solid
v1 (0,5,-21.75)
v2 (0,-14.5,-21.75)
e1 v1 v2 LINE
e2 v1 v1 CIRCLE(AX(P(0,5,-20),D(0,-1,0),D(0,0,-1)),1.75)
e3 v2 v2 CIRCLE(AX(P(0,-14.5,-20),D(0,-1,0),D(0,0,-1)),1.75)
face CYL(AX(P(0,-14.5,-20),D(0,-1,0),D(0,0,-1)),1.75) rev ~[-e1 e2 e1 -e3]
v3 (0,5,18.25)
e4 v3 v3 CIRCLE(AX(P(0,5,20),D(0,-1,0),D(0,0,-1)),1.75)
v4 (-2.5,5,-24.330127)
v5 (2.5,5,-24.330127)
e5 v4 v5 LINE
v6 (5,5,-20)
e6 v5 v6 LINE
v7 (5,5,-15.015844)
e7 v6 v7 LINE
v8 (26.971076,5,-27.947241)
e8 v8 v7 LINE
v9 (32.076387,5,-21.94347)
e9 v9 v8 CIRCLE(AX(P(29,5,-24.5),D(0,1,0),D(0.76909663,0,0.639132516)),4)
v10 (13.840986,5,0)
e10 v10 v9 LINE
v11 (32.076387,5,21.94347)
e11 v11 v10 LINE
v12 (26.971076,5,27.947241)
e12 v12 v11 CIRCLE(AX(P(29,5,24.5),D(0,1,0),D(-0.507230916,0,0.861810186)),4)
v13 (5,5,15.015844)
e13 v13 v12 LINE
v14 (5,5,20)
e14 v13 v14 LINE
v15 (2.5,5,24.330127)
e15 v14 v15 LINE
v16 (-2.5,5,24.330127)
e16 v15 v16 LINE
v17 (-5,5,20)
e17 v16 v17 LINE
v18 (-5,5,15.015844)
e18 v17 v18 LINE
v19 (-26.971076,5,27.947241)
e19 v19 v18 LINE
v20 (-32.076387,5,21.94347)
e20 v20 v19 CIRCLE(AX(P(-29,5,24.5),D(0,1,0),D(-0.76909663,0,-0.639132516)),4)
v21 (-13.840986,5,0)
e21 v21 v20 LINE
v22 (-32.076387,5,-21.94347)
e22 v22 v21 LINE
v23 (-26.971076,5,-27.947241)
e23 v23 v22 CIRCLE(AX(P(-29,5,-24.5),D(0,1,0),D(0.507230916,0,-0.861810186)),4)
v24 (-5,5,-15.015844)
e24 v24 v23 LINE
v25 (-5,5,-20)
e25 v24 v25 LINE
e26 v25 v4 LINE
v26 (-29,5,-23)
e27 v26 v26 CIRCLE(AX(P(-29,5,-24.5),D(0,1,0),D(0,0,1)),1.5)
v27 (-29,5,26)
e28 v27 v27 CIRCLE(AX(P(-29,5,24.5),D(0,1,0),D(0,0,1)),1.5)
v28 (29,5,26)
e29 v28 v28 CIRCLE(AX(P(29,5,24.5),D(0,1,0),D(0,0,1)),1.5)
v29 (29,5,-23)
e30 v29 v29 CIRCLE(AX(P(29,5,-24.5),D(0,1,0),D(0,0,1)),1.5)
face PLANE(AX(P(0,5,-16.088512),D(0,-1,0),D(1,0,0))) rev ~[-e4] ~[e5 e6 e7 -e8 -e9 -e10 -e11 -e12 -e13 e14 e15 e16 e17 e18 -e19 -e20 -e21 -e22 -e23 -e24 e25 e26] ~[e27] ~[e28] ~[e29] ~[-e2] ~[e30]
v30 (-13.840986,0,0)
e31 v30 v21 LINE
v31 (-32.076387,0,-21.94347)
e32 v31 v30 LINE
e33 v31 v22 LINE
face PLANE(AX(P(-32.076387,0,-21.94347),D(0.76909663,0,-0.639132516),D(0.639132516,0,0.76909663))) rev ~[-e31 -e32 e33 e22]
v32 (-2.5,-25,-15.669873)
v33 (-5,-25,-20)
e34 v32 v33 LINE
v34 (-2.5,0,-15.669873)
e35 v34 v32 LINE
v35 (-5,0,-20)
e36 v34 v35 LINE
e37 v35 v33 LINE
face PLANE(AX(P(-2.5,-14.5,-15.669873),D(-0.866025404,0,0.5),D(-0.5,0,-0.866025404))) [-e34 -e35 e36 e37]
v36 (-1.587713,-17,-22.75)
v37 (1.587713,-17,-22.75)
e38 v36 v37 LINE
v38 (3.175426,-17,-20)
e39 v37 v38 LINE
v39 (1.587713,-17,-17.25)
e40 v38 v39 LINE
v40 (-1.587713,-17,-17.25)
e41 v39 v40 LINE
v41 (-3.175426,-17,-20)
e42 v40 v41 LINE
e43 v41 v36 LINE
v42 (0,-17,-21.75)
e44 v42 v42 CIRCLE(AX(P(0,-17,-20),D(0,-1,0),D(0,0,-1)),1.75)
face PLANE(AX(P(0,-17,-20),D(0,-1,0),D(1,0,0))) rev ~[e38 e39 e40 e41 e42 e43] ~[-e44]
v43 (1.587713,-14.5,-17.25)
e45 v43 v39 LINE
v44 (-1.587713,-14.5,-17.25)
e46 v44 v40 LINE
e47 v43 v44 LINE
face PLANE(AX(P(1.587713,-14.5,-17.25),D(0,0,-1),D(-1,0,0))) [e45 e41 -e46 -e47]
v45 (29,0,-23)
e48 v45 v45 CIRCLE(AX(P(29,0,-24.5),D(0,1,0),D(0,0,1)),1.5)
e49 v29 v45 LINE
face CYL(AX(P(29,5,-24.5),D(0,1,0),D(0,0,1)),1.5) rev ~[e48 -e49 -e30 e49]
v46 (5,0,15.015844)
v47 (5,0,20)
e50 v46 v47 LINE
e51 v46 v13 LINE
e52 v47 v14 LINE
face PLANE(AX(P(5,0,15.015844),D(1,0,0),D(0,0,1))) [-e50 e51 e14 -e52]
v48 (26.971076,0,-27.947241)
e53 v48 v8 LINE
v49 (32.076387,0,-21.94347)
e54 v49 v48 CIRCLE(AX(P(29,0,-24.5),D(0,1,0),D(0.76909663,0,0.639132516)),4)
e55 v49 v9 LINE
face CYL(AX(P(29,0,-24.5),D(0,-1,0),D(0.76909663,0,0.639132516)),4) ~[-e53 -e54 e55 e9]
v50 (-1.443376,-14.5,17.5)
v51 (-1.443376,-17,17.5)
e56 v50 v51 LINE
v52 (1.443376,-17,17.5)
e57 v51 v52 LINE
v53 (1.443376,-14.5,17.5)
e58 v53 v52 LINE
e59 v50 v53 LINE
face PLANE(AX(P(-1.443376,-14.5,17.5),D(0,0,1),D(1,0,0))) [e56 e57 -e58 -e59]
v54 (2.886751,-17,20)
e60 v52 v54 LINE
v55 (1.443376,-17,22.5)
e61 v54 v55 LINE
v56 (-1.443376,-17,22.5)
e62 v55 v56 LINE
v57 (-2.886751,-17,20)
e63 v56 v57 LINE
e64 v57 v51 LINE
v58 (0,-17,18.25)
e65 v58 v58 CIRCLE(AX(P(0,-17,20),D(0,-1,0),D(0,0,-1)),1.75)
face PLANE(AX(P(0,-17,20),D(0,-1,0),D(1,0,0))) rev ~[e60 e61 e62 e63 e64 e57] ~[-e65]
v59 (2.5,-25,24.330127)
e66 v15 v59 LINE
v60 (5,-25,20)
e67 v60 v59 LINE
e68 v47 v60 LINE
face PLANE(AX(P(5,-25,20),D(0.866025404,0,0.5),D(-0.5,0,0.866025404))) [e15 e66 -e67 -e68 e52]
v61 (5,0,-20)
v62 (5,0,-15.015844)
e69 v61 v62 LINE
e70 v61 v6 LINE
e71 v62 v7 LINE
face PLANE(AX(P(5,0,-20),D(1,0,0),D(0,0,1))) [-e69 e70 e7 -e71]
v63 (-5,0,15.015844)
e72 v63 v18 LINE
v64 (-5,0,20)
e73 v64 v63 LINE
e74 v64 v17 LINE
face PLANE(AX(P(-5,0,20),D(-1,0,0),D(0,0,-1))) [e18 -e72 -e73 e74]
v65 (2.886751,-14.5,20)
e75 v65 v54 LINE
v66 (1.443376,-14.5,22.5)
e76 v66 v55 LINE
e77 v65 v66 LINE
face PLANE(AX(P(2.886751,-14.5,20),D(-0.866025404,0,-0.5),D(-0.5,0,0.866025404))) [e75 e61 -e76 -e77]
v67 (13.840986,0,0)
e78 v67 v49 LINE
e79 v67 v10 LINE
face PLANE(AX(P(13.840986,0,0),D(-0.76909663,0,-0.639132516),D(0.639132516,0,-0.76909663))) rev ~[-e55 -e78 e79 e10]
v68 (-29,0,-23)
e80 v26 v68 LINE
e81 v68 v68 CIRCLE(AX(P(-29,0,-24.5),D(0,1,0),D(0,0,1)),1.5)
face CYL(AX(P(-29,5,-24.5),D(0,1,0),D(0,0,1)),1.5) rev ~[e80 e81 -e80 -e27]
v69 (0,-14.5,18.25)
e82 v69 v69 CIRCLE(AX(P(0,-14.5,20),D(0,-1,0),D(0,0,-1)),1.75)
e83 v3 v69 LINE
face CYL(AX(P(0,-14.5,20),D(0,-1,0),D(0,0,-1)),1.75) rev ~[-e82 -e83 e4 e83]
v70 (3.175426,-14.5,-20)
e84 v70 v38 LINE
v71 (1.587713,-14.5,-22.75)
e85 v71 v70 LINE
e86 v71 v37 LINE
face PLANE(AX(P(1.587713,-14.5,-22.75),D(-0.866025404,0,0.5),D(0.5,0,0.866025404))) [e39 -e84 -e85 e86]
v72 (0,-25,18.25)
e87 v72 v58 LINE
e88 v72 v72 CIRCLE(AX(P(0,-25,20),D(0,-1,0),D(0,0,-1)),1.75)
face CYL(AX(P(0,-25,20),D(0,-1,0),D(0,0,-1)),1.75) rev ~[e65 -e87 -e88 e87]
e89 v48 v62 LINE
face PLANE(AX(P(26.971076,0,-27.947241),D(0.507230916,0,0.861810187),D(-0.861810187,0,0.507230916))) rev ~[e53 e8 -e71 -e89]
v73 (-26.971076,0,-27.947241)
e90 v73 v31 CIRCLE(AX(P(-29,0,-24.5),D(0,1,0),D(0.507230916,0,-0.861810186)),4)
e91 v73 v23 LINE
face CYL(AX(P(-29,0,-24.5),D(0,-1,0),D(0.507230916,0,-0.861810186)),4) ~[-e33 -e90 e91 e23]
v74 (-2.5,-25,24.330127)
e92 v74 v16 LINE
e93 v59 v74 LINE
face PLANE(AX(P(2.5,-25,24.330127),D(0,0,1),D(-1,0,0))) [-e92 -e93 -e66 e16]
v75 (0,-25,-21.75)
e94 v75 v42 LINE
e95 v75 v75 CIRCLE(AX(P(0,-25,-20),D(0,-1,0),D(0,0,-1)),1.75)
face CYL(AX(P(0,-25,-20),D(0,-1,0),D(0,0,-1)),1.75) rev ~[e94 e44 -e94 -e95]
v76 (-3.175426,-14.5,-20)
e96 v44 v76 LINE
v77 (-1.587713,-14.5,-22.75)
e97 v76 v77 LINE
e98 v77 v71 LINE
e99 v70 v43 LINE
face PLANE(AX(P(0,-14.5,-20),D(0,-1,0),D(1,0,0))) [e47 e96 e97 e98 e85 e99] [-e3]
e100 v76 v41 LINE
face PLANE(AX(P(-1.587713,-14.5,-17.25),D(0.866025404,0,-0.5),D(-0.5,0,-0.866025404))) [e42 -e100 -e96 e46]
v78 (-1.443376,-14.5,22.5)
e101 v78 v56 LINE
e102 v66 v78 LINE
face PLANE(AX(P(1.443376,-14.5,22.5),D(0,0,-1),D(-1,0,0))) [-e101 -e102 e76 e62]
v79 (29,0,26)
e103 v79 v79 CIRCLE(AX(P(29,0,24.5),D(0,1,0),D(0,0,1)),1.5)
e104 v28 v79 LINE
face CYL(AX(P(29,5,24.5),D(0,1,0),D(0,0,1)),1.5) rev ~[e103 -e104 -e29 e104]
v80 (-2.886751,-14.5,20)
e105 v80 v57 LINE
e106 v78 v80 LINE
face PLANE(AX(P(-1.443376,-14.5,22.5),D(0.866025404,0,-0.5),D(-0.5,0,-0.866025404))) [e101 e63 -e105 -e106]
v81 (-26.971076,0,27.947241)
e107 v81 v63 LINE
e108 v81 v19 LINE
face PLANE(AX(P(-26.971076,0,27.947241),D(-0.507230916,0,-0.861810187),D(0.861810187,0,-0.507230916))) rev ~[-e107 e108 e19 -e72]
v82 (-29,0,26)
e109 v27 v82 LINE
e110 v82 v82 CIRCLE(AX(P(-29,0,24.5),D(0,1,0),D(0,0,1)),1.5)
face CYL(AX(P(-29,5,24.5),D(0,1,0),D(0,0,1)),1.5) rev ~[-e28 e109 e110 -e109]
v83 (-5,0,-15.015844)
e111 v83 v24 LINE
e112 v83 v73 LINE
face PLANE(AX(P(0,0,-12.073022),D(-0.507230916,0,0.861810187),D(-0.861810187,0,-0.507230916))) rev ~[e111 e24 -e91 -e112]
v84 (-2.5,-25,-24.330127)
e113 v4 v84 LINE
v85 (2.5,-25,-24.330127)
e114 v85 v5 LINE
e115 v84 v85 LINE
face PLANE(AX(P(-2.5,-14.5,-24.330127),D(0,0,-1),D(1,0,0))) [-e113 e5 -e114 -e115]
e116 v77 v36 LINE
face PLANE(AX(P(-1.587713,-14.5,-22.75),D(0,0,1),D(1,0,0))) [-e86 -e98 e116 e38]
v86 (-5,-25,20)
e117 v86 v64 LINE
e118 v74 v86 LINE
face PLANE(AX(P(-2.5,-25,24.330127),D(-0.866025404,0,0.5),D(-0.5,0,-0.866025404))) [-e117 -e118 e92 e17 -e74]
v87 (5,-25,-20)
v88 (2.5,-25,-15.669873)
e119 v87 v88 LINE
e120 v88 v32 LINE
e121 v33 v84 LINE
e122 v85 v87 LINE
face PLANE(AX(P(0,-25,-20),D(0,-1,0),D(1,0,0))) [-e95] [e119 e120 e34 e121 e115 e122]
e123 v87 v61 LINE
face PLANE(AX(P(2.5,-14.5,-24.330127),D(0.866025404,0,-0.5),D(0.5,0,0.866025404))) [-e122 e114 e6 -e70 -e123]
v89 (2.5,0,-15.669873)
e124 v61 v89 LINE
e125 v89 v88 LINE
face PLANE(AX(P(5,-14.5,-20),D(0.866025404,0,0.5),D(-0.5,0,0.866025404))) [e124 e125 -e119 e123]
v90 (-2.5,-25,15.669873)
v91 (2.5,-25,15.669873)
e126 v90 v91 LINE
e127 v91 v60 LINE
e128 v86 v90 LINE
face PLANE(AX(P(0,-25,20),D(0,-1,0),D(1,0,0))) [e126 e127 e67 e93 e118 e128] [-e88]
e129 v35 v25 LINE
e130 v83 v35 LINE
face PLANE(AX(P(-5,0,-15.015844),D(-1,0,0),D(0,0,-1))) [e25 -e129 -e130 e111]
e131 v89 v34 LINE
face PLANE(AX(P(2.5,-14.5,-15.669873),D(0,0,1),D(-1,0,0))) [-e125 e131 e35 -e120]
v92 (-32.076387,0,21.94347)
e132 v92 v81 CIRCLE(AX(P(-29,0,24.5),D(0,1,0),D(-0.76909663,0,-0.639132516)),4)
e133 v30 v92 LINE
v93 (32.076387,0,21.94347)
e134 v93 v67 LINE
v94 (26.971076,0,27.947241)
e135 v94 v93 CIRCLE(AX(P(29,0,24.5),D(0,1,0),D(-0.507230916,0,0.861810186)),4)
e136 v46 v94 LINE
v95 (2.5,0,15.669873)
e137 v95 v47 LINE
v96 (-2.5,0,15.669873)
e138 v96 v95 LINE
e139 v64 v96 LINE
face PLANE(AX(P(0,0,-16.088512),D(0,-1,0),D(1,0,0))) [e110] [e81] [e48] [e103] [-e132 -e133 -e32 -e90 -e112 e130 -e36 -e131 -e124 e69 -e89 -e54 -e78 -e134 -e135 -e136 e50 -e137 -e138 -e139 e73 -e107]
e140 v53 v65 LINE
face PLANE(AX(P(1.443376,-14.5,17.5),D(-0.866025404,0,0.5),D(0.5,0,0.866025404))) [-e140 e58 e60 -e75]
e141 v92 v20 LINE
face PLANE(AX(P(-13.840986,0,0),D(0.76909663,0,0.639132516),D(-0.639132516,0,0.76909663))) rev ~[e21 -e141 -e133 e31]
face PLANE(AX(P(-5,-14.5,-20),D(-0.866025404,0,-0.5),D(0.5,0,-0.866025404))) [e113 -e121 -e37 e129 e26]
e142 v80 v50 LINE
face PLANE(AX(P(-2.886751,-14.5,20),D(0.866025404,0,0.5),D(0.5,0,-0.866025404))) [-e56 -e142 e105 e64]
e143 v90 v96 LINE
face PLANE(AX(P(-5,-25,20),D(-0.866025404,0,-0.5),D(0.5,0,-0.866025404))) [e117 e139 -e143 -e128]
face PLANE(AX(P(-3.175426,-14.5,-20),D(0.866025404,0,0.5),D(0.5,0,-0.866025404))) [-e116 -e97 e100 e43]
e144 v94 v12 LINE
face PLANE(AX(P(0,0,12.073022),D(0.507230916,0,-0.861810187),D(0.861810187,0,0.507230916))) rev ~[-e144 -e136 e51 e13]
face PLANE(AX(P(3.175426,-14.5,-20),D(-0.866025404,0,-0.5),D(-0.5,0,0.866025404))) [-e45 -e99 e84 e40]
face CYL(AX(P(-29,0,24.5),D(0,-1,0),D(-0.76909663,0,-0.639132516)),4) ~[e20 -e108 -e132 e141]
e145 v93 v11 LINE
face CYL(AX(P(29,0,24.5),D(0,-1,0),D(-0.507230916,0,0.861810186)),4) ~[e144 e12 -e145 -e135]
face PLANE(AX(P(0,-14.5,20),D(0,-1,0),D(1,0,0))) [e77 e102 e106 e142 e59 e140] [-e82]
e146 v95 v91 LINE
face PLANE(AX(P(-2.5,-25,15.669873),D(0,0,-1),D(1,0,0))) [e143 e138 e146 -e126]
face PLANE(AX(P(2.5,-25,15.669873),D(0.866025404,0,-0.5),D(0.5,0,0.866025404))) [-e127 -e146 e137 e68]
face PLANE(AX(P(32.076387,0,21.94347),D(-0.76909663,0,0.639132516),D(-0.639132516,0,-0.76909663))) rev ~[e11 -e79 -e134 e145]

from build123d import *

# Parameters (mm, degrees)
BOSS_EXTRU_1_DEPTH      = 5
ESQUISSE2_R             = 1.5
ENL_V_MAT_EXTRU_2_DEPTH = 5
ESQUISSE4_R             = 1.75
BOSS_EXTRU_6_DEPTH      = 5
BOSS_EXTRU_7_START      = 14.5
ESQUISSE4_3_R           = 1.75
BOSS_EXTRU_7_DEPTH      = 14.5
BOSS_EXTRU_8_DEPTH      = 2.5
BOSS_EXTRU_10_START     = 25
ESQUISSE4_6_R           = 1.75
BOSS_EXTRU_10_DEPTH     = 8


with BuildPart() as part:
    # Esquisse1 → Boss.-Extru.1 (new body)
    with BuildSketch(Plane(origin=(0, 0, 0), x_dir=(1, 0, 0), z_dir=(0, 1, 0))):
        with BuildLine():
            ThreePointArc((-26.971076335, 27.947240746), (-32.047229987, 27.091213887), (-32.076386522, 21.943469936))
            Line((-32.076386522, 21.943469936), (-13.840985932, 0))
            Line((-13.840985932, 0), (-32.076386522, -21.943469936))
            ThreePointArc((-32.076386522, -21.943469936), (-32.047229987, -27.091213887), (-26.971076335, -27.947240746))
            Line((-26.971076335, -27.947240746), (0, -12.073021601))
            Line((0, -12.073021601), (26.971076335, -27.947240746))
            ThreePointArc((26.971076335, -27.947240746), (32.047229987, -27.091213887), (32.076386522, -21.943469936))
            Line((32.076386522, -21.943469936), (13.840985932, 0))
            Line((13.840985932, 0), (32.076386522, 21.943469936))
            ThreePointArc((32.076386522, 21.943469936), (32.047229987, 27.091213887), (26.971076335, 27.947240746))
            Line((26.971076335, 27.947240746), (0, 12.073021601))
            Line((0, 12.073021601), (-26.971076335, 27.947240746))
        make_face()
    extrude(amount=BOSS_EXTRU_1_DEPTH)

    # Esquisse2 → Enlèv. mat.-Extru.2 (cut)
    with BuildSketch(Plane(origin=(0, 5, 0), x_dir=(1, 0, 0), z_dir=(0, 1, 0))):
        with Locations((-29, 24.5)):
            Circle(ESQUISSE2_R)
        with Locations((29, 24.5)):
            Circle(ESQUISSE2_R)
        with Locations((29, -24.5)):
            Circle(ESQUISSE2_R)
        with Locations((-29, -24.5)):
            Circle(ESQUISSE2_R)
    extrude(amount=-ENL_V_MAT_EXTRU_2_DEPTH, mode=Mode.SUBTRACT)

    # Esquisse4 → Boss.-Extru.6 (add)
    # profile 1 of 2: a face of its own
    with BuildSketch(Plane.XZ):
        Polygon((5, 15.015844303), (5, 20), (2.5, 24.330127019), (-2.5, 24.330127019), (-5, 20), (-5, 15.015844303), (0, 12.073021601), align=None)
        with Locations((0, 20)):
            Circle(ESQUISSE4_R, mode=Mode.SUBTRACT)
    # profile 2 of 2: a face of its own
    with BuildSketch(Plane.XZ):
        Polygon((2.5, -24.330127019), (5, -20), (5, -15.015844303), (0, -12.073021601), (-5, -15.015844303), (-5, -20), (-2.5, -24.330127019), align=None)
        with Locations((0, -20)):
            Circle(ESQUISSE4_R, mode=Mode.SUBTRACT)
    extrude(amount=-BOSS_EXTRU_6_DEPTH)

    # Esquisse4<3> → Boss.-Extru.7 (add)
    # profile 1 of 2: a face of its own
    with BuildSketch(Plane.XZ.offset(BOSS_EXTRU_7_START)):
        Polygon((-2.5, 24.330127019), (-5, 20), (-2.5, 15.669872981), (2.5, 15.669872981), (5, 20), (2.5, 24.330127019), align=None)
        with Locations((0, 20)):
            Circle(ESQUISSE4_3_R, mode=Mode.SUBTRACT)
    # profile 2 of 2: a face of its own
    with BuildSketch(Plane.XZ.offset(BOSS_EXTRU_7_START)):
        Polygon((2.5, -24.330127019), (5, -20), (2.5, -15.669872981), (-2.5, -15.669872981), (-5, -20), (-2.5, -24.330127019), align=None)
        with Locations((0, -20)):
            Circle(ESQUISSE4_3_R, mode=Mode.SUBTRACT)
    extrude(amount=-BOSS_EXTRU_7_DEPTH)

    # Esquisse5 → Boss.-Extru.8 (add)
    # profile 1 of 2: a face of its own
    with BuildSketch(Plane.XZ.offset(14.5)):
        Polygon((5, 20), (2.5, 24.330127019), (-2.5, 24.330127019), (-5, 20), (-2.5, 15.669872981), (2.5, 15.669872981), align=None)
        Polygon((2.886751346, 20), (1.443375673, 22.5), (-1.443375673, 22.5), (-2.886751346, 20), (-1.443375673, 17.5), (1.443375673, 17.5), align=None, mode=Mode.SUBTRACT)
    # profile 2 of 2: a face of its own
    with BuildSketch(Plane.XZ.offset(14.5)):
        Polygon((5, -20), (2.5, -15.669872981), (-2.5, -15.669872981), (-5, -20), (-2.5, -24.330127019), (2.5, -24.330127019), align=None)
        Polygon((3.175426481, -20), (1.58771324, -17.25), (-1.58771324, -17.25), (-3.175426481, -20), (-1.58771324, -22.75), (1.58771324, -22.75), align=None, mode=Mode.SUBTRACT)
    extrude(amount=BOSS_EXTRU_8_DEPTH)

    # Esquisse4<6> → Boss.-Extru.10 (add)
    # profile 1 of 2: a face of its own
    with BuildSketch(Plane.XZ.offset(BOSS_EXTRU_10_START)):
        Polygon((-2.5, 24.330127019), (-5, 20), (-2.5, 15.669872981), (2.5, 15.669872981), (5, 20), (2.5, 24.330127019), align=None)
        with Locations((0, 20)):
            Circle(ESQUISSE4_6_R, mode=Mode.SUBTRACT)
    # profile 2 of 2: a face of its own
    with BuildSketch(Plane.XZ.offset(BOSS_EXTRU_10_START)):
        Polygon((2.5, -24.330127019), (5, -20), (2.5, -15.669872981), (-2.5, -15.669872981), (-5, -20), (-2.5, -24.330127019), align=None)
        with Locations((0, -20)):
            Circle(ESQUISSE4_6_R, mode=Mode.SUBTRACT)
    extrude(amount=-BOSS_EXTRU_10_DEPTH)


solid = part.part
